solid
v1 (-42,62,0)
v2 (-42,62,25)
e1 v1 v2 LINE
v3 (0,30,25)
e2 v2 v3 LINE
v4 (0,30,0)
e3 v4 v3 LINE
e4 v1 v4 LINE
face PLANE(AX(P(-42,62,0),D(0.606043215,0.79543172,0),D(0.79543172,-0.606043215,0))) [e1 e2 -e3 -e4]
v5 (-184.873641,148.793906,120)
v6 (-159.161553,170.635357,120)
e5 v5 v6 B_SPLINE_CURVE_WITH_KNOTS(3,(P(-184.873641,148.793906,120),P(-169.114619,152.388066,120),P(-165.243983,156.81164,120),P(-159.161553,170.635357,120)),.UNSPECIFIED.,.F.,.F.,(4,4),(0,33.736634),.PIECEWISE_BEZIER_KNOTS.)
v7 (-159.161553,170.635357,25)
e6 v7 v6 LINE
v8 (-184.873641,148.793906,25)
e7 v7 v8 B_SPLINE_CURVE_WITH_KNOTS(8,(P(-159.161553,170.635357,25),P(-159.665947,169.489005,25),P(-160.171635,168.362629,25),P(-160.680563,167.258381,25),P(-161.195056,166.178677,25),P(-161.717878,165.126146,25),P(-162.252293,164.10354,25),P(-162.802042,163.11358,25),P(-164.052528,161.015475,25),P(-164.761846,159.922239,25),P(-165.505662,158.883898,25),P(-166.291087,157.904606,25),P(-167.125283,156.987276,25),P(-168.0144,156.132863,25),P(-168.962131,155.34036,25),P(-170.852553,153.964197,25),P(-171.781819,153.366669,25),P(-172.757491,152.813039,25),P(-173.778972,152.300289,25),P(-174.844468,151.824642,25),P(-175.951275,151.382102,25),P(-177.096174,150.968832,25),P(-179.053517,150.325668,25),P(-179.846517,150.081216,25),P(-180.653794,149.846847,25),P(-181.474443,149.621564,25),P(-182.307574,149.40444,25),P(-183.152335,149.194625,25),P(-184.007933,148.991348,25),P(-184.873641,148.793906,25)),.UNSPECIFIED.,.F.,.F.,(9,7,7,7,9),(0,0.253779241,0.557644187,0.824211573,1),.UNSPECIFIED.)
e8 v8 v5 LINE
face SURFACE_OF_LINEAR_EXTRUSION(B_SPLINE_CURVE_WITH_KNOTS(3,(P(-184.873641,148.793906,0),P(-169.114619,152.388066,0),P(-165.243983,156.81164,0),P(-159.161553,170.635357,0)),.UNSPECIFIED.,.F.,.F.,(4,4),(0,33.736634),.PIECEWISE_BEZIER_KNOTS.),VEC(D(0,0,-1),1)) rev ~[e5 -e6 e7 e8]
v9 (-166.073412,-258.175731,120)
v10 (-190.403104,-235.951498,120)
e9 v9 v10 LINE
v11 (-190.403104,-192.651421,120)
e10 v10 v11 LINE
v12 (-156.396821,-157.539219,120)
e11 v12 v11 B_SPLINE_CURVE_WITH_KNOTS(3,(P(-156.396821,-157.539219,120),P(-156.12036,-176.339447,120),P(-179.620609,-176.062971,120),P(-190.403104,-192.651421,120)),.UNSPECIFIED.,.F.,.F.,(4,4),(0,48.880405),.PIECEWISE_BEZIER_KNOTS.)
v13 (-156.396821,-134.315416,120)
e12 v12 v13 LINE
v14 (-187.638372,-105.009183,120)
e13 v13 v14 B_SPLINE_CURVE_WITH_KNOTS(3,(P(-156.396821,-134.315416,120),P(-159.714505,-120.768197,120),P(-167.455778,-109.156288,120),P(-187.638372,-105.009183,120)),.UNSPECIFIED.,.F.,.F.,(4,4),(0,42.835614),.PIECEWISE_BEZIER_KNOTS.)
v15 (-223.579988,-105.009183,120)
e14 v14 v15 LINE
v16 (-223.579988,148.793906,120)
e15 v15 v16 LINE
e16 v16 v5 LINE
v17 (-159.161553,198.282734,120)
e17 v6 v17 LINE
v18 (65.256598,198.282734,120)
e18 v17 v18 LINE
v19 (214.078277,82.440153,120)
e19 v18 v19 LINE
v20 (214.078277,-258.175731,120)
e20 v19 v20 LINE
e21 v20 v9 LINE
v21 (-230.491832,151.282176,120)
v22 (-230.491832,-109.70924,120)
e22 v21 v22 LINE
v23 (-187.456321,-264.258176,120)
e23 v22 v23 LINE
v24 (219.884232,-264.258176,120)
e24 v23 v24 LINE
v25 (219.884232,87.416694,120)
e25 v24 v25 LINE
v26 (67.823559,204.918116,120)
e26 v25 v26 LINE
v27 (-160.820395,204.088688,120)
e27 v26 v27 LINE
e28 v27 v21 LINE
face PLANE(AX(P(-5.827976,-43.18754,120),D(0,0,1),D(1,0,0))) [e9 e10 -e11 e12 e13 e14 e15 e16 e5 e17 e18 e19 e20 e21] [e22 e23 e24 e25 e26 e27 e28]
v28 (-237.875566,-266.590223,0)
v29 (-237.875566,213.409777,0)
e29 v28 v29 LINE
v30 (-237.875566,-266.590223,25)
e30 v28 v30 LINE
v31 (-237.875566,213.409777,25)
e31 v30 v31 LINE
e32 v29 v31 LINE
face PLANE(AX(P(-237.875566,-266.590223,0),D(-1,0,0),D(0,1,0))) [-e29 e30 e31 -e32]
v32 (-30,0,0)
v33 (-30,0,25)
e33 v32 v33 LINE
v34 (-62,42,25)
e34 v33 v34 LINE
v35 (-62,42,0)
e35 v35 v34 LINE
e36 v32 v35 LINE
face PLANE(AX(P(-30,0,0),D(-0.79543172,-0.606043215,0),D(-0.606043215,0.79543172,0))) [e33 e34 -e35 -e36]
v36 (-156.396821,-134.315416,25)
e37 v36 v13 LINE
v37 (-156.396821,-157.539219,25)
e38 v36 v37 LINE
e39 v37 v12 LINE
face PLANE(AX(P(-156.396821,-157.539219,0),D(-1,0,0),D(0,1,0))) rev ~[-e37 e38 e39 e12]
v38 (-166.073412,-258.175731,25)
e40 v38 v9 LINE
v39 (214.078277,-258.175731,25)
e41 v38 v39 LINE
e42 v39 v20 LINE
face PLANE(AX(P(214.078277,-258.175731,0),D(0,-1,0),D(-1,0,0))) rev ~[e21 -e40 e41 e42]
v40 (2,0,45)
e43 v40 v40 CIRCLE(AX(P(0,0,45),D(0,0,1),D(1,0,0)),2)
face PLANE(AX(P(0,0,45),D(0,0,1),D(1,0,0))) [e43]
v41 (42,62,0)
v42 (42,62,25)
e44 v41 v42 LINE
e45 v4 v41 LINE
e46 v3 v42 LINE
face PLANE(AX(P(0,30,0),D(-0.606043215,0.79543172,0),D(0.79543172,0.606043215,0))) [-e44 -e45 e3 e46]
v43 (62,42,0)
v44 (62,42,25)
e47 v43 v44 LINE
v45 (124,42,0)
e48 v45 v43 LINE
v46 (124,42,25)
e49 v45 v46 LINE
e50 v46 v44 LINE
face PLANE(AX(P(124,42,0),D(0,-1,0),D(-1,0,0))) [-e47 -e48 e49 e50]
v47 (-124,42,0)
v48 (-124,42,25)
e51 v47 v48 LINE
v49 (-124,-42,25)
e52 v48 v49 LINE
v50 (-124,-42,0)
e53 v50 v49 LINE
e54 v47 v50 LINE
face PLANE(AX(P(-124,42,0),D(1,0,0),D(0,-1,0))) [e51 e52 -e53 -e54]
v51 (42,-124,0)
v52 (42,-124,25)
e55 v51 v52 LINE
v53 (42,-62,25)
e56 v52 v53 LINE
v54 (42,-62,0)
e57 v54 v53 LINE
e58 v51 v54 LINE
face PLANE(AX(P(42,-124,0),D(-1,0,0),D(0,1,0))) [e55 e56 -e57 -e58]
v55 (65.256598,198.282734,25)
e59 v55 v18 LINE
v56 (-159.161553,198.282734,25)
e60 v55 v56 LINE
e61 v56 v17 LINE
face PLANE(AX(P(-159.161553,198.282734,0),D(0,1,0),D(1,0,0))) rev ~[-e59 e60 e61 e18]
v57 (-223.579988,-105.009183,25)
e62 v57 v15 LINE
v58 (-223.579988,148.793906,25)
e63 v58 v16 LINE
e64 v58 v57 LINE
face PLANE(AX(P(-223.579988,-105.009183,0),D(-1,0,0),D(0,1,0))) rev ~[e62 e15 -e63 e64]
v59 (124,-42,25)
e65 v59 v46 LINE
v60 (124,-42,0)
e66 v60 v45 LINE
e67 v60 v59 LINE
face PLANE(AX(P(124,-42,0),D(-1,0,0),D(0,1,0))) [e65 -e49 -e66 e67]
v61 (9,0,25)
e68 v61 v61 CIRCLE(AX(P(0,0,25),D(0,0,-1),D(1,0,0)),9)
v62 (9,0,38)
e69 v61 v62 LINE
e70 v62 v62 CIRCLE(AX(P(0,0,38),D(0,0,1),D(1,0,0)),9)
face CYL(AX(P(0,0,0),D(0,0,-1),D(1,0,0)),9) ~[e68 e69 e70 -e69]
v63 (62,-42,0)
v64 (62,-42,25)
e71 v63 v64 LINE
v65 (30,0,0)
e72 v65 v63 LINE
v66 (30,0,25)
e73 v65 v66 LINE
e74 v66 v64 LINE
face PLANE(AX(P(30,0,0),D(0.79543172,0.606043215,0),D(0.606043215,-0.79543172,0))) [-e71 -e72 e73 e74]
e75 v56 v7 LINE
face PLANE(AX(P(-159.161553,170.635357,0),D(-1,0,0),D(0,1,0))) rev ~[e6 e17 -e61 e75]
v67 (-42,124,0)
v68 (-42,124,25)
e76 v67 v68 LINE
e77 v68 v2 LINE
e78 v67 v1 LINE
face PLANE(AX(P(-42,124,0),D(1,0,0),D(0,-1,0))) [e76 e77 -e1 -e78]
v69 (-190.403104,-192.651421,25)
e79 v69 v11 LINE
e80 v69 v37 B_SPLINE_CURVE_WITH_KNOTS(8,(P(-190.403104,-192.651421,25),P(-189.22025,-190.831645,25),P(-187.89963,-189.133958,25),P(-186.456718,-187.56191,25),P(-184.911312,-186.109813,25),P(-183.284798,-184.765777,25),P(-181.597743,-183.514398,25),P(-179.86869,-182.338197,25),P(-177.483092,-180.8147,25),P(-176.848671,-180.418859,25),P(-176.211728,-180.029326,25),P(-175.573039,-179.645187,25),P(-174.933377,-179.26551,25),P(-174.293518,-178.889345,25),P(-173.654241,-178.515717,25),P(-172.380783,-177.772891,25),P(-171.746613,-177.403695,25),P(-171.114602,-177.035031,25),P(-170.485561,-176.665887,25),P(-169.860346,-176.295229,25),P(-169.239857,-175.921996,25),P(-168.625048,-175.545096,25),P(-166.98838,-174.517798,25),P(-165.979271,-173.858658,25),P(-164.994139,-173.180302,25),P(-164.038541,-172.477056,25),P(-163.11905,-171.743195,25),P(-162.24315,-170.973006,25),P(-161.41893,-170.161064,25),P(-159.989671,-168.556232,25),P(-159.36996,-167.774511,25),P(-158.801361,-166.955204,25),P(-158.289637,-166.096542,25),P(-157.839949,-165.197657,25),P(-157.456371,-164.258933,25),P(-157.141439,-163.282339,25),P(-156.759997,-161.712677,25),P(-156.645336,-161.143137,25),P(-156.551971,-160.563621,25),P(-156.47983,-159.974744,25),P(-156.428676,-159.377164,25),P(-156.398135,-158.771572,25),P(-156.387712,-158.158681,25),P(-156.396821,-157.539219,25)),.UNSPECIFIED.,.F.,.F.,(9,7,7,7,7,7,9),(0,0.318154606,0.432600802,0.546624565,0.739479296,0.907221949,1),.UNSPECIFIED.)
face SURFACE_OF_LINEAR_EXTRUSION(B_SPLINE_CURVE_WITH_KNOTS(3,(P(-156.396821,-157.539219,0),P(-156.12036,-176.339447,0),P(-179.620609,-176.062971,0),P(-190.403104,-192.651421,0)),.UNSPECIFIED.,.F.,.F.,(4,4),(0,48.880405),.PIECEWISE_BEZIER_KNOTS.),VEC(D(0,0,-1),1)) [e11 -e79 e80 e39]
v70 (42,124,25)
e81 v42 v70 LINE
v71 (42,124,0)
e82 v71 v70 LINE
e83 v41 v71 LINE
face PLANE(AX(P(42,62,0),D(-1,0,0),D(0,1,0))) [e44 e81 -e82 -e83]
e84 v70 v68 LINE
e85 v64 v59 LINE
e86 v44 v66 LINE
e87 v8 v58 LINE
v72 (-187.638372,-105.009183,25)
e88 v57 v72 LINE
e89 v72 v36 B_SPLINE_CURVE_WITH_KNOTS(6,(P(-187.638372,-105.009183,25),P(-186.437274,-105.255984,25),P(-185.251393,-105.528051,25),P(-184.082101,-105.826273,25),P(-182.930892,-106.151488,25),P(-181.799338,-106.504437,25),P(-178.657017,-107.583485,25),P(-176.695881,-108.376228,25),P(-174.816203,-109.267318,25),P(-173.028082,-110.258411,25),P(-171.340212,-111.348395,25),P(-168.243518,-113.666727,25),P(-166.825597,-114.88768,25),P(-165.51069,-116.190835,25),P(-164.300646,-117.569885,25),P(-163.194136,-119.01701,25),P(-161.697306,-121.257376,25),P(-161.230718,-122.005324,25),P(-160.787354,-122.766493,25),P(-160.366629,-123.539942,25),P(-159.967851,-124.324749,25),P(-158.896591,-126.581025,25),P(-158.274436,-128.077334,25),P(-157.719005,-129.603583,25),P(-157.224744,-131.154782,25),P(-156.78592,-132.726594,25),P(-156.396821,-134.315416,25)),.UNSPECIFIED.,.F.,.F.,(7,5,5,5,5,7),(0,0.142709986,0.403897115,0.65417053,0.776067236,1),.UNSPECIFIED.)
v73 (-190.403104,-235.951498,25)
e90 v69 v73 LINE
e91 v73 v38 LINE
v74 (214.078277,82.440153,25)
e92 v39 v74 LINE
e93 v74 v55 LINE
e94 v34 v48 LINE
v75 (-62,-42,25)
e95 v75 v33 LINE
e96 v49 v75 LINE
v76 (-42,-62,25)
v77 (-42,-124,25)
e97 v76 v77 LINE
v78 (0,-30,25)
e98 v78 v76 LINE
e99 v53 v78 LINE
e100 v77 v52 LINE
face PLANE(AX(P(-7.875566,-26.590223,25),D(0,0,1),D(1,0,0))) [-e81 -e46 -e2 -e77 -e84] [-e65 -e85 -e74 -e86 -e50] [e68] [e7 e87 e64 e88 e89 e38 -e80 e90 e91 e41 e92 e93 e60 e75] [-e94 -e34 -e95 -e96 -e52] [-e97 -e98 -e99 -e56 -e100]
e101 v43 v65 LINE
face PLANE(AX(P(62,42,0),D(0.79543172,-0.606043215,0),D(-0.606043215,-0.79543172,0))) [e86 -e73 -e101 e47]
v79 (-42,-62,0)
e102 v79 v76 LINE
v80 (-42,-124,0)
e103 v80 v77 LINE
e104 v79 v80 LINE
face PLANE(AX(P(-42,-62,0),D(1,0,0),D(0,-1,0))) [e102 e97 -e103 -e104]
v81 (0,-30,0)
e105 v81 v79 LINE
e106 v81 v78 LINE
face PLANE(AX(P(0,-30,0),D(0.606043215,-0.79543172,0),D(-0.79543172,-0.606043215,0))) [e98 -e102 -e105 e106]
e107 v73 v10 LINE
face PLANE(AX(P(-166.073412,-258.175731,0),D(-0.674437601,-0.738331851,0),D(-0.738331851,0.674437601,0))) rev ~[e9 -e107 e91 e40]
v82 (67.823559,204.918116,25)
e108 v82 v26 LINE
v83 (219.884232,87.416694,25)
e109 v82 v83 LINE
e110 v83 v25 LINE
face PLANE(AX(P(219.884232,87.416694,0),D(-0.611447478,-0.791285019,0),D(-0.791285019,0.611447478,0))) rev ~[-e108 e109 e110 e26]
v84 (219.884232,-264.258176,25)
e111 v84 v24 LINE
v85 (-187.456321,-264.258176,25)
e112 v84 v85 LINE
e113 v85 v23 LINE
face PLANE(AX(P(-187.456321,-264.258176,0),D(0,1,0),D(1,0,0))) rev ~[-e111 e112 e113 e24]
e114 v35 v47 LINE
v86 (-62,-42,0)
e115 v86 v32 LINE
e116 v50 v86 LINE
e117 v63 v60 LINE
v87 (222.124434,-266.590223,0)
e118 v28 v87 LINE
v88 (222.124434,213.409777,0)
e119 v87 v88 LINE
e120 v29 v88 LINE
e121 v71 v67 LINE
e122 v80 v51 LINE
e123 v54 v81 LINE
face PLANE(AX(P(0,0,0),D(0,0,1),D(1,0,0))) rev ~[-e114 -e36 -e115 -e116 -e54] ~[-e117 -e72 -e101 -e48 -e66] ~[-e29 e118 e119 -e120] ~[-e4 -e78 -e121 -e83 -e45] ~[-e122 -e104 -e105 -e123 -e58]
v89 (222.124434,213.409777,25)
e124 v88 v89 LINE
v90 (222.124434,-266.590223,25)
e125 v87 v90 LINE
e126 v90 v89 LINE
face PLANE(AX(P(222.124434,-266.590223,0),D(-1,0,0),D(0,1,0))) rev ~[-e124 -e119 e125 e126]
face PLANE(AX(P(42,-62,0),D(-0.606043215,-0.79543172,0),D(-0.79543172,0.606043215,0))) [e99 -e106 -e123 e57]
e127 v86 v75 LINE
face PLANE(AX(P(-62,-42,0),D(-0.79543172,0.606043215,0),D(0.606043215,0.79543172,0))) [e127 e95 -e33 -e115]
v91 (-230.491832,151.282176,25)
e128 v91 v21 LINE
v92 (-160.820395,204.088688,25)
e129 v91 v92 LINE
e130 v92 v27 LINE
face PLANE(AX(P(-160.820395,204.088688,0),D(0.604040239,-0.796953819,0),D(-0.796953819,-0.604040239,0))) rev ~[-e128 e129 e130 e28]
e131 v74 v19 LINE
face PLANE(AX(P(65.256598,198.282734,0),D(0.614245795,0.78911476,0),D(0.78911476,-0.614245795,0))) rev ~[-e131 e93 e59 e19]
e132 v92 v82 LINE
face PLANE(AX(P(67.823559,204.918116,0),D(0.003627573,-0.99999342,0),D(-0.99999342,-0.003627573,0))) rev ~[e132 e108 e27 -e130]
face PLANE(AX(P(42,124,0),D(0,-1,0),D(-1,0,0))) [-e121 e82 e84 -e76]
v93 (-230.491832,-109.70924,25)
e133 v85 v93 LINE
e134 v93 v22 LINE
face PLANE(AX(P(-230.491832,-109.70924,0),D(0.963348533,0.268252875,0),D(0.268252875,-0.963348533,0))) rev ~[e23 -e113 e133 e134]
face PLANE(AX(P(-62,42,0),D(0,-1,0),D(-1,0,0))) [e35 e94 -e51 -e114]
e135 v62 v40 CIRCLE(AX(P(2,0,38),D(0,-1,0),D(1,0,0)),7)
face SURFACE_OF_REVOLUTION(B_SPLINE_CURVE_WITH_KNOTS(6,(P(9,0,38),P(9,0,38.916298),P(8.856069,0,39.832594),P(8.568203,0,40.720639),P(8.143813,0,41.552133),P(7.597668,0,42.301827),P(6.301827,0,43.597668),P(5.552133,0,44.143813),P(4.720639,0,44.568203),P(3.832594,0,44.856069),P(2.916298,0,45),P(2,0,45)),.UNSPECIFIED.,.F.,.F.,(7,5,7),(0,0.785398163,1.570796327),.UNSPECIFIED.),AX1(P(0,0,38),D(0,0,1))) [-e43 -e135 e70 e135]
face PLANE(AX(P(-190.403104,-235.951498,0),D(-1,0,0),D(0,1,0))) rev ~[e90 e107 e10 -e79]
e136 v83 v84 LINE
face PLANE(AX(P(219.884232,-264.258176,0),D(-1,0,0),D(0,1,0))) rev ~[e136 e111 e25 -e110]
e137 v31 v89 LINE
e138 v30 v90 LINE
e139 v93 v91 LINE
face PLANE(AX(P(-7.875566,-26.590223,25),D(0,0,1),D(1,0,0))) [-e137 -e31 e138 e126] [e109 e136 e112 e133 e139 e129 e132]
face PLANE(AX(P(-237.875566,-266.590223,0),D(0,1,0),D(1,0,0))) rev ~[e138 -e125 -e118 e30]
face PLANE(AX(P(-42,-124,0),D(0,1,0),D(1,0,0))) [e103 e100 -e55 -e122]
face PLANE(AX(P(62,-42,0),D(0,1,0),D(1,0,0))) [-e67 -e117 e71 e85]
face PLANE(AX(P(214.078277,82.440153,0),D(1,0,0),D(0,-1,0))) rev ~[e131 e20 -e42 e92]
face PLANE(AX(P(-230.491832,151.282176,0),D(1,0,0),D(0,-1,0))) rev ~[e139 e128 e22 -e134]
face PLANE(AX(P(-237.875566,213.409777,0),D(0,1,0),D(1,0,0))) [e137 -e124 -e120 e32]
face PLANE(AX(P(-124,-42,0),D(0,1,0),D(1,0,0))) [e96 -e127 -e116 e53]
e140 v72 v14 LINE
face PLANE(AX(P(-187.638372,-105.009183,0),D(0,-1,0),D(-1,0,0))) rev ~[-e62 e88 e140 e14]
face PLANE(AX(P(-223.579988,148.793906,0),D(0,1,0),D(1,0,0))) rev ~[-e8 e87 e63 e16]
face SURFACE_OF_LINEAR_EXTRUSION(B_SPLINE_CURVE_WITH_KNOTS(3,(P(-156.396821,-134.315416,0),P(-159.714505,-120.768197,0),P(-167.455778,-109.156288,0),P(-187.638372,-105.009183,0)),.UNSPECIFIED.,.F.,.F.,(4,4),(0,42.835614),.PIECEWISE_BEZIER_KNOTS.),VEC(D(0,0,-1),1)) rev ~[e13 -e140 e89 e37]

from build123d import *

# Parameters (mm, degrees)
F0_W     = 460
F0_H     = 480
F1_DEPTH = 25
F3_DEPTH = 120
F5_DEPTH = 25
F4_R     = 9
F6_DEPTH = 45
F7_R     = 7


with BuildPart() as f1:
    # F0 (on Top) → F1 (new body)
    with BuildSketch(Plane.XY):
        with Locations((-7.875566, -26.590223)):
            Rectangle(F0_W, F0_H)
    extrude(amount=F1_DEPTH)

    # F2 (on Top) → F3 (join)
    with BuildSketch(Plane.XY):
        Polygon((67.823559, 204.918116), (-160.820395, 204.088688), (-230.491832, 151.282176), (-230.491832, -109.70924), (-187.456321, -264.258176), (219.884232, -264.258176), (219.884232, 87.416694), align=None)
        with BuildLine():
            Line((-159.161553, 170.635357), (-159.161553, 198.282734))
            Line((-159.161553, 198.282734), (65.256598, 198.282734))
            Line((65.256598, 198.282734), (214.078277, 82.440153))
            Line((214.078277, 82.440153), (214.078277, -258.175731))
            Line((214.078277, -258.175731), (-166.073412, -258.175731))
            Line((-166.073412, -258.175731), (-190.403104, -235.951498))
            Line((-190.403104, -235.951498), (-190.403104, -192.651421))
            add(Edge.make_bspline(
                [(-156.396821, -157.539219), (-156.12036, -176.339447), (-179.620609, -176.062971), (-190.403104, -192.651421)],
                knots=[0, 0, 0, 0, 48.880405, 48.880405, 48.880405, 48.880405], degree=3))
            Line((-156.396821, -157.539219), (-156.396821, -134.315416))
            add(Edge.make_bspline(
                [(-156.396821, -134.315416), (-159.714505, -120.768197), (-167.455778, -109.156288), (-187.638372, -105.009183)],
                knots=[0, 0, 0, 0, 42.835614, 42.835614, 42.835614, 42.835614], degree=3))
            Line((-187.638372, -105.009183), (-223.579988, -105.009183))
            Line((-223.579988, -105.009183), (-223.579988, 148.793906))
            Line((-223.579988, 148.793906), (-184.873641, 148.793906))
            add(Edge.make_bspline(
                [(-184.873641, 148.793906), (-169.114619, 152.388066), (-165.243983, 156.81164), (-159.161553, 170.635357)],
                knots=[0, 0, 0, 0, 33.736634, 33.736634, 33.736634, 33.736634], degree=3))
        make_face(mode=Mode.SUBTRACT)
    extrude(amount=F3_DEPTH)

    # F4 (on Top) → F5 (cut, through all)
    with BuildSketch(Plane.XY):
        Polygon((0, 124), (-42, 124), (-42, 62), (0, 30), (42, 62), (42, 124), align=None)
        Polygon((124, 0), (124, 42), (62, 42), (30, 0), (62, -42), (124, -42), align=None)
        Polygon((-124, 0), (-124, -42), (-62, -42), (-30, 0), (-62, 42), (-124, 42), align=None)
        Polygon((0, -124), (42, -124), (42, -62), (0, -30), (-42, -62), (-42, -124), align=None)
    extrude(amount=F5_DEPTH, mode=Mode.SUBTRACT)

    # F4 (on Top) → F6 (join)
    with BuildSketch(Plane.XY):
        Circle(F4_R)
    extrude(amount=F6_DEPTH)

    # F7
    f7_edges = [f1.edges().sort_by_distance(p)[0] for p in [
        (-9, 0, 45),
    ]]
    fillet(f7_edges, radius=F7_R)


solid = f1.part
